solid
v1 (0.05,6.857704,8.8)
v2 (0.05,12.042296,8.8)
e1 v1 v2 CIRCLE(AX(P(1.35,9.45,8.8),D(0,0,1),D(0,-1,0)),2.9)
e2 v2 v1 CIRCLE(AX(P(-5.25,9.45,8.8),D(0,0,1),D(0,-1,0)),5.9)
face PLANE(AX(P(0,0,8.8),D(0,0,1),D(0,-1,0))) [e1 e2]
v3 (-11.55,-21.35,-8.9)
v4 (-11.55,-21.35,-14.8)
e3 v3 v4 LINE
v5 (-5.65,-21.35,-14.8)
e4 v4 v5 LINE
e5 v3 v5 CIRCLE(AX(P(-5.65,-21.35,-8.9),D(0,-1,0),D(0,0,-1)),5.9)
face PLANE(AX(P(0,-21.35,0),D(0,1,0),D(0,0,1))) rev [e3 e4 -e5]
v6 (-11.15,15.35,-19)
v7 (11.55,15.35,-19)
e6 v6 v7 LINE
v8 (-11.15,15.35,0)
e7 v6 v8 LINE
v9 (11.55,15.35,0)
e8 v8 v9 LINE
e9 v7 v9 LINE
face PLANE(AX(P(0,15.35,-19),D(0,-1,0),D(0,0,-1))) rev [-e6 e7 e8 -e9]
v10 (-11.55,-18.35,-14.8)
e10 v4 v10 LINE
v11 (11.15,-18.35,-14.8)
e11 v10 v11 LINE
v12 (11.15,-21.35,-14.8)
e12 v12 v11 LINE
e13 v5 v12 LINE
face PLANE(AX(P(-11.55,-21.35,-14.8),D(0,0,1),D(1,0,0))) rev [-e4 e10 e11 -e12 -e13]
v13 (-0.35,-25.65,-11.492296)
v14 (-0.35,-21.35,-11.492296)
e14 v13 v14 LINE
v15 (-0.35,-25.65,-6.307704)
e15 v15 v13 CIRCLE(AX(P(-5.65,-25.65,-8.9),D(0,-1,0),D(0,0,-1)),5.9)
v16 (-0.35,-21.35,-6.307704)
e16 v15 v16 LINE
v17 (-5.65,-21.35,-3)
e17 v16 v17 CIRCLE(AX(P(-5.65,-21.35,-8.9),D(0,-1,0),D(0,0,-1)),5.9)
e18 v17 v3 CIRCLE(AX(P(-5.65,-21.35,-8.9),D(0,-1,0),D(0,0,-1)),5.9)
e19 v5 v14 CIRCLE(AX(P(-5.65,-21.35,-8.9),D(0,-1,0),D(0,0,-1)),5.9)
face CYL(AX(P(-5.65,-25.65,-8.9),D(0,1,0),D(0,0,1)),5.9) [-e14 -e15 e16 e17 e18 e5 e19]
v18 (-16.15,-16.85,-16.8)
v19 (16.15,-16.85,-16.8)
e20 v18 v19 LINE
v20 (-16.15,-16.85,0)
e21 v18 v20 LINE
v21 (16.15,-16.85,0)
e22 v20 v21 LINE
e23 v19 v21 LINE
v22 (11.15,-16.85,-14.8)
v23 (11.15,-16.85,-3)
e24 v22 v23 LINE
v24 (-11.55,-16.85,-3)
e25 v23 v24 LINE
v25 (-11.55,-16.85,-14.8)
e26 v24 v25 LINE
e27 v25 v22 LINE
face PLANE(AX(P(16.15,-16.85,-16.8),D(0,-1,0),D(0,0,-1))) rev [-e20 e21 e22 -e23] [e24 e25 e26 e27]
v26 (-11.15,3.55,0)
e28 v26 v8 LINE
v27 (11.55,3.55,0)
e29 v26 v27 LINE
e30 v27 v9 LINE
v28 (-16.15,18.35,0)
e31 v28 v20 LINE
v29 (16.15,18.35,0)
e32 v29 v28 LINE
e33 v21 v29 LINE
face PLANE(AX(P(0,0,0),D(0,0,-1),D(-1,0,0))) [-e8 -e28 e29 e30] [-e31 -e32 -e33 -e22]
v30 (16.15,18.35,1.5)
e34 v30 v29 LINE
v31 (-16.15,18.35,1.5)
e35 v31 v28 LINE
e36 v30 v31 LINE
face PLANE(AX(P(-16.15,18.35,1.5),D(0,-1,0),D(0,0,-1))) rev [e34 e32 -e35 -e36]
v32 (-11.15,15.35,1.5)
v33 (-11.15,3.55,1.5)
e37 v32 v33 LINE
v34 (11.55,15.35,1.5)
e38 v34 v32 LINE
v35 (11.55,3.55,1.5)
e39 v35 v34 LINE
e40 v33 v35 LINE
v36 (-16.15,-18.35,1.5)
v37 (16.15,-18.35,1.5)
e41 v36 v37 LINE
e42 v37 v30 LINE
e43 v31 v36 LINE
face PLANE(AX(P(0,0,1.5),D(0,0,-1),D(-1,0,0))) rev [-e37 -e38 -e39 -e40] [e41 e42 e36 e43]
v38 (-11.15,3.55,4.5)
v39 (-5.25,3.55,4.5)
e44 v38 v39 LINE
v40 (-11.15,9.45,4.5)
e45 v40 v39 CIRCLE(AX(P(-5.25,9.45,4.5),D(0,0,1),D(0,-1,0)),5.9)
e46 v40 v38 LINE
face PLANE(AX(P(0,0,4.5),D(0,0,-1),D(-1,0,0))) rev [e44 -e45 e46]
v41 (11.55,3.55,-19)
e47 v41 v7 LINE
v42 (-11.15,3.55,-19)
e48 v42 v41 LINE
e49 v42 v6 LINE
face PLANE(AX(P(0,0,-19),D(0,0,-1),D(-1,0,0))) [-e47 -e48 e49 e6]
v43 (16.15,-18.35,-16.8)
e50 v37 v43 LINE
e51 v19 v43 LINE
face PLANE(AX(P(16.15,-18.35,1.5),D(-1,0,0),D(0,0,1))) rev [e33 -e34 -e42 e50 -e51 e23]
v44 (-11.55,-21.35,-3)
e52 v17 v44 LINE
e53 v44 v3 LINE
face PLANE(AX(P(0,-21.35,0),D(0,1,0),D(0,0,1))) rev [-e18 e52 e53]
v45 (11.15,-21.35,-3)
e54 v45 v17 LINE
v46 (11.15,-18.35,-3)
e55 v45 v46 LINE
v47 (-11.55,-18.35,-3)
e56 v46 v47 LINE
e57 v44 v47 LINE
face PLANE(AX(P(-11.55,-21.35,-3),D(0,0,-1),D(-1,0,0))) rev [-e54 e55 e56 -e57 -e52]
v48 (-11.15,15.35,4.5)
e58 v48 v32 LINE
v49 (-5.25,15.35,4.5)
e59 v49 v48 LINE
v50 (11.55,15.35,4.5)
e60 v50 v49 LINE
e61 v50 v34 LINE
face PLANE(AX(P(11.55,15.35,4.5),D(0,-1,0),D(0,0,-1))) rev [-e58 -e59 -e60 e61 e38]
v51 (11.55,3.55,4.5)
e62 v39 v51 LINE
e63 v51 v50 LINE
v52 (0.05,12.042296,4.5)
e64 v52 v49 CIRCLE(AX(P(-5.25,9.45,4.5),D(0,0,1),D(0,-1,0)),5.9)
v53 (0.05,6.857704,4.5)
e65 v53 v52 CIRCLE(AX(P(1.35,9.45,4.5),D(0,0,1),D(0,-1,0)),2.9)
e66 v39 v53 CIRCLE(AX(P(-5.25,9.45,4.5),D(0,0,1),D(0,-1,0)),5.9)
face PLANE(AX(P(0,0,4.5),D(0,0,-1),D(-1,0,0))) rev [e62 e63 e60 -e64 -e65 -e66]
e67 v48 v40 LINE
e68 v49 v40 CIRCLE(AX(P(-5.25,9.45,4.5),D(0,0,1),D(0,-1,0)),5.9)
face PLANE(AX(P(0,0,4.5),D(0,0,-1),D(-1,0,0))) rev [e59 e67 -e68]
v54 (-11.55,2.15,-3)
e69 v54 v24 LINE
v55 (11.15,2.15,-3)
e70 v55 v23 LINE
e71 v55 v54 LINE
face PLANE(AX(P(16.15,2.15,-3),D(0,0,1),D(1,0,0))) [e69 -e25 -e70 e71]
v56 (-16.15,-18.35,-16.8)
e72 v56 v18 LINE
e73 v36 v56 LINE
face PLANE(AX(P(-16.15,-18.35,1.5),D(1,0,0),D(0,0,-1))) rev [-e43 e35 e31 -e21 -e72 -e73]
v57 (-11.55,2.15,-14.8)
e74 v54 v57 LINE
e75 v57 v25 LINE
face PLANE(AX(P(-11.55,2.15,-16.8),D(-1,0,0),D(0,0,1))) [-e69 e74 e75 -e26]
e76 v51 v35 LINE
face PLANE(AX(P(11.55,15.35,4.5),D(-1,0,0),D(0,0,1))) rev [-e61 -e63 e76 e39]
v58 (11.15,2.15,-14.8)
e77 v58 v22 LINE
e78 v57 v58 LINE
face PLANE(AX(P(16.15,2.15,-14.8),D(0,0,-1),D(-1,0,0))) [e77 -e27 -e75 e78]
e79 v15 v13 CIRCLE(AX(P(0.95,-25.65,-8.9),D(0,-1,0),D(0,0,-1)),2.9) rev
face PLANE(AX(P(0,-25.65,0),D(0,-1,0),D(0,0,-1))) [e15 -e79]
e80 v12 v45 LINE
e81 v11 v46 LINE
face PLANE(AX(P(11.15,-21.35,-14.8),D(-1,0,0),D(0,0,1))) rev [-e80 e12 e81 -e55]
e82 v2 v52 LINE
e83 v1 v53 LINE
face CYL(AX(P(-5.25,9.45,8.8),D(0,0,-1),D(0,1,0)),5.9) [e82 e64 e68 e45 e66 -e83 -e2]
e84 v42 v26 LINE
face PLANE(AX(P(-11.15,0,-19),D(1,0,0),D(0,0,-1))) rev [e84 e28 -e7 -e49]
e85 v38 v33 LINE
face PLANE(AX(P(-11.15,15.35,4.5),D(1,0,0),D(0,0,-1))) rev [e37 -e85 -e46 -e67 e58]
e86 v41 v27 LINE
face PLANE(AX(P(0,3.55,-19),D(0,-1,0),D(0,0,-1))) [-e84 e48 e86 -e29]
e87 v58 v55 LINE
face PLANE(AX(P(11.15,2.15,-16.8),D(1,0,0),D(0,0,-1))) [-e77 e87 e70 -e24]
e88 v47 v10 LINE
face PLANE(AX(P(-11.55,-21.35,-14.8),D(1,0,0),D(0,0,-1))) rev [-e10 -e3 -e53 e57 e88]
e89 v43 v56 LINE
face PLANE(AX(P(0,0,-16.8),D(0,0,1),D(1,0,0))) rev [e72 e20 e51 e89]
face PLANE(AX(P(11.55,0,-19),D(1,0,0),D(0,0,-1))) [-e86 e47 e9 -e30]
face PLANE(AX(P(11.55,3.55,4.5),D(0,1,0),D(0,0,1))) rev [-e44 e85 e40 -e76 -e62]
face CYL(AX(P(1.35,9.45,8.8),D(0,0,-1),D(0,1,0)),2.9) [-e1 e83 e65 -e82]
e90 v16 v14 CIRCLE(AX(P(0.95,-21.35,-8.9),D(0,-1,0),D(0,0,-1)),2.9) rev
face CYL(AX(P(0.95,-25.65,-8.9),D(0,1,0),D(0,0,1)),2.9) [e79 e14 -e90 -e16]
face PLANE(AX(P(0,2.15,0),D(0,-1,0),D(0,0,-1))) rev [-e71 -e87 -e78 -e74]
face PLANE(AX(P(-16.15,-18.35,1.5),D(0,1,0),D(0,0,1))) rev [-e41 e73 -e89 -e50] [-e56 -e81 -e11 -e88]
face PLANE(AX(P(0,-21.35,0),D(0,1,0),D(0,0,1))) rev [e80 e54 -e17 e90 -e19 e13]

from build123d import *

# Parameters (mm, degrees)
SKETCH1_W           = 32.3
SKETCH1_H           = 36.7
BOSS_EXTRUDE1_DEPTH = 1.5
SKETCH2_W           = 32.3
SKETCH2_H           = 1.5
BOSS_EXTRUDE2_DEPTH = 16.8
SKETCH3_W           = 22.7
SKETCH3_H           = 11.8
BOSS_EXTRUDE3_DEPTH = 3
SKETCH4_R           = 5.9
BOSS_EXTRUDE4_DEPTH = 4.3
SKETCH7_W           = 22.7
SKETCH7_H           = 11.8
BOSS_EXTRUDE6_DEPTH = 3
SKETCH9_R           = 5.9
BOSS_EXTRUDE7_DEPTH = 4.3
BOSS_EXTRUDE8_START = -1.5
SKETCH7_2_W         = 22.7
SKETCH7_2_H         = 11.8
BOSS_EXTRUDE8_DEPTH = 19
BOSS_EXTRUDE9_START = -20.5
SKETCH3_2_W         = 22.7
SKETCH3_2_H         = 11.8
BOSS_EXTRUDE9_DEPTH = 19


with BuildPart() as part:
    # Sketch1 → Boss-Extrude1 (new body)
    with BuildSketch(Plane.XY):
        Rectangle(SKETCH1_W, SKETCH1_H)
    extrude(amount=BOSS_EXTRUDE1_DEPTH)

    # Sketch2 → Boss-Extrude2 (add)
    with BuildSketch(Plane(origin=(0, 0, 0), x_dir=(-1, 0, 0), z_dir=(0, 0, -1))):
        with Locations((0, -17.6)):
            Rectangle(SKETCH2_W, SKETCH2_H)
    extrude(amount=BOSS_EXTRUDE2_DEPTH)

    # Sketch3 → Boss-Extrude3 (add)
    with BuildSketch(Plane.XZ.offset(18.35)):
        with Locations((-0.2, -8.9)):
            Rectangle(SKETCH3_W, SKETCH3_H)
    extrude(amount=BOSS_EXTRUDE3_DEPTH)

    # Sketch4 → Boss-Extrude4 (add)
    with BuildSketch(Plane.XZ.offset(21.35)):
        with BuildLine():
            ThreePointArc((-0.35, -6.307703721), (0.098043145, -7.56958653), (0.25, -8.9))
            ThreePointArc((0.25, -8.9), (0.098043145, -10.23041347), (-0.35, -11.492296279))
            ThreePointArc((-0.35, -11.492296279), (3.85, -8.9), (-0.35, -6.307703721))
        make_face()
        with Locations((-5.65, -8.9)):
            Circle(SKETCH4_R)
    extrude(amount=BOSS_EXTRUDE4_DEPTH)

    # Sketch7 → Boss-Extrude6 (add)
    with BuildSketch(Plane(origin=(-13.214346586, -22.528065204, 1.5), x_dir=(-1, 0, 0), z_dir=(0, 0, 1))):
        with Locations((-13.414346586, -31.978065204)):
            Rectangle(SKETCH7_W, SKETCH7_H)
    extrude(amount=BOSS_EXTRUDE6_DEPTH)

    # Sketch9 → Boss-Extrude7 (add)
    with BuildSketch(Plane(origin=(-13.214346586, -22.528065204, 4.5), x_dir=(-1, 0, 0), z_dir=(0, 0, 1))):
        with Locations((-7.964346586, -31.978065204)):
            Circle(SKETCH9_R)
        with BuildLine():
            ThreePointArc((-13.264346586, -34.570361484), (-13.864346586, -31.978065204), (-13.264346586, -29.385768925))
            ThreePointArc((-13.264346586, -29.385768925), (-17.464346586, -31.978065204), (-13.264346586, -34.570361484))
        make_face()
    extrude(amount=BOSS_EXTRUDE7_DEPTH)

    # Sketch7<2> → Boss-Extrude8 (add)
    with BuildSketch(Plane(origin=(-13.214346586, -22.528065204, 1.5), x_dir=(-1, 0, 0), z_dir=(0, 0, 1)).offset(BOSS_EXTRUDE8_START)):
        with Locations((-13.414346586, -31.978065204)):
            Rectangle(SKETCH7_2_W, SKETCH7_2_H)
    extrude(amount=-BOSS_EXTRUDE8_DEPTH)

    # Sketch3<2> → Boss-Extrude9 (add)
    with BuildSketch(Plane.XZ.offset(18.35).offset(BOSS_EXTRUDE9_START)):
        with Locations((-0.2, -8.9)):
            Rectangle(SKETCH3_2_W, SKETCH3_2_H)
    extrude(amount=BOSS_EXTRUDE9_DEPTH)


solid = part.part
